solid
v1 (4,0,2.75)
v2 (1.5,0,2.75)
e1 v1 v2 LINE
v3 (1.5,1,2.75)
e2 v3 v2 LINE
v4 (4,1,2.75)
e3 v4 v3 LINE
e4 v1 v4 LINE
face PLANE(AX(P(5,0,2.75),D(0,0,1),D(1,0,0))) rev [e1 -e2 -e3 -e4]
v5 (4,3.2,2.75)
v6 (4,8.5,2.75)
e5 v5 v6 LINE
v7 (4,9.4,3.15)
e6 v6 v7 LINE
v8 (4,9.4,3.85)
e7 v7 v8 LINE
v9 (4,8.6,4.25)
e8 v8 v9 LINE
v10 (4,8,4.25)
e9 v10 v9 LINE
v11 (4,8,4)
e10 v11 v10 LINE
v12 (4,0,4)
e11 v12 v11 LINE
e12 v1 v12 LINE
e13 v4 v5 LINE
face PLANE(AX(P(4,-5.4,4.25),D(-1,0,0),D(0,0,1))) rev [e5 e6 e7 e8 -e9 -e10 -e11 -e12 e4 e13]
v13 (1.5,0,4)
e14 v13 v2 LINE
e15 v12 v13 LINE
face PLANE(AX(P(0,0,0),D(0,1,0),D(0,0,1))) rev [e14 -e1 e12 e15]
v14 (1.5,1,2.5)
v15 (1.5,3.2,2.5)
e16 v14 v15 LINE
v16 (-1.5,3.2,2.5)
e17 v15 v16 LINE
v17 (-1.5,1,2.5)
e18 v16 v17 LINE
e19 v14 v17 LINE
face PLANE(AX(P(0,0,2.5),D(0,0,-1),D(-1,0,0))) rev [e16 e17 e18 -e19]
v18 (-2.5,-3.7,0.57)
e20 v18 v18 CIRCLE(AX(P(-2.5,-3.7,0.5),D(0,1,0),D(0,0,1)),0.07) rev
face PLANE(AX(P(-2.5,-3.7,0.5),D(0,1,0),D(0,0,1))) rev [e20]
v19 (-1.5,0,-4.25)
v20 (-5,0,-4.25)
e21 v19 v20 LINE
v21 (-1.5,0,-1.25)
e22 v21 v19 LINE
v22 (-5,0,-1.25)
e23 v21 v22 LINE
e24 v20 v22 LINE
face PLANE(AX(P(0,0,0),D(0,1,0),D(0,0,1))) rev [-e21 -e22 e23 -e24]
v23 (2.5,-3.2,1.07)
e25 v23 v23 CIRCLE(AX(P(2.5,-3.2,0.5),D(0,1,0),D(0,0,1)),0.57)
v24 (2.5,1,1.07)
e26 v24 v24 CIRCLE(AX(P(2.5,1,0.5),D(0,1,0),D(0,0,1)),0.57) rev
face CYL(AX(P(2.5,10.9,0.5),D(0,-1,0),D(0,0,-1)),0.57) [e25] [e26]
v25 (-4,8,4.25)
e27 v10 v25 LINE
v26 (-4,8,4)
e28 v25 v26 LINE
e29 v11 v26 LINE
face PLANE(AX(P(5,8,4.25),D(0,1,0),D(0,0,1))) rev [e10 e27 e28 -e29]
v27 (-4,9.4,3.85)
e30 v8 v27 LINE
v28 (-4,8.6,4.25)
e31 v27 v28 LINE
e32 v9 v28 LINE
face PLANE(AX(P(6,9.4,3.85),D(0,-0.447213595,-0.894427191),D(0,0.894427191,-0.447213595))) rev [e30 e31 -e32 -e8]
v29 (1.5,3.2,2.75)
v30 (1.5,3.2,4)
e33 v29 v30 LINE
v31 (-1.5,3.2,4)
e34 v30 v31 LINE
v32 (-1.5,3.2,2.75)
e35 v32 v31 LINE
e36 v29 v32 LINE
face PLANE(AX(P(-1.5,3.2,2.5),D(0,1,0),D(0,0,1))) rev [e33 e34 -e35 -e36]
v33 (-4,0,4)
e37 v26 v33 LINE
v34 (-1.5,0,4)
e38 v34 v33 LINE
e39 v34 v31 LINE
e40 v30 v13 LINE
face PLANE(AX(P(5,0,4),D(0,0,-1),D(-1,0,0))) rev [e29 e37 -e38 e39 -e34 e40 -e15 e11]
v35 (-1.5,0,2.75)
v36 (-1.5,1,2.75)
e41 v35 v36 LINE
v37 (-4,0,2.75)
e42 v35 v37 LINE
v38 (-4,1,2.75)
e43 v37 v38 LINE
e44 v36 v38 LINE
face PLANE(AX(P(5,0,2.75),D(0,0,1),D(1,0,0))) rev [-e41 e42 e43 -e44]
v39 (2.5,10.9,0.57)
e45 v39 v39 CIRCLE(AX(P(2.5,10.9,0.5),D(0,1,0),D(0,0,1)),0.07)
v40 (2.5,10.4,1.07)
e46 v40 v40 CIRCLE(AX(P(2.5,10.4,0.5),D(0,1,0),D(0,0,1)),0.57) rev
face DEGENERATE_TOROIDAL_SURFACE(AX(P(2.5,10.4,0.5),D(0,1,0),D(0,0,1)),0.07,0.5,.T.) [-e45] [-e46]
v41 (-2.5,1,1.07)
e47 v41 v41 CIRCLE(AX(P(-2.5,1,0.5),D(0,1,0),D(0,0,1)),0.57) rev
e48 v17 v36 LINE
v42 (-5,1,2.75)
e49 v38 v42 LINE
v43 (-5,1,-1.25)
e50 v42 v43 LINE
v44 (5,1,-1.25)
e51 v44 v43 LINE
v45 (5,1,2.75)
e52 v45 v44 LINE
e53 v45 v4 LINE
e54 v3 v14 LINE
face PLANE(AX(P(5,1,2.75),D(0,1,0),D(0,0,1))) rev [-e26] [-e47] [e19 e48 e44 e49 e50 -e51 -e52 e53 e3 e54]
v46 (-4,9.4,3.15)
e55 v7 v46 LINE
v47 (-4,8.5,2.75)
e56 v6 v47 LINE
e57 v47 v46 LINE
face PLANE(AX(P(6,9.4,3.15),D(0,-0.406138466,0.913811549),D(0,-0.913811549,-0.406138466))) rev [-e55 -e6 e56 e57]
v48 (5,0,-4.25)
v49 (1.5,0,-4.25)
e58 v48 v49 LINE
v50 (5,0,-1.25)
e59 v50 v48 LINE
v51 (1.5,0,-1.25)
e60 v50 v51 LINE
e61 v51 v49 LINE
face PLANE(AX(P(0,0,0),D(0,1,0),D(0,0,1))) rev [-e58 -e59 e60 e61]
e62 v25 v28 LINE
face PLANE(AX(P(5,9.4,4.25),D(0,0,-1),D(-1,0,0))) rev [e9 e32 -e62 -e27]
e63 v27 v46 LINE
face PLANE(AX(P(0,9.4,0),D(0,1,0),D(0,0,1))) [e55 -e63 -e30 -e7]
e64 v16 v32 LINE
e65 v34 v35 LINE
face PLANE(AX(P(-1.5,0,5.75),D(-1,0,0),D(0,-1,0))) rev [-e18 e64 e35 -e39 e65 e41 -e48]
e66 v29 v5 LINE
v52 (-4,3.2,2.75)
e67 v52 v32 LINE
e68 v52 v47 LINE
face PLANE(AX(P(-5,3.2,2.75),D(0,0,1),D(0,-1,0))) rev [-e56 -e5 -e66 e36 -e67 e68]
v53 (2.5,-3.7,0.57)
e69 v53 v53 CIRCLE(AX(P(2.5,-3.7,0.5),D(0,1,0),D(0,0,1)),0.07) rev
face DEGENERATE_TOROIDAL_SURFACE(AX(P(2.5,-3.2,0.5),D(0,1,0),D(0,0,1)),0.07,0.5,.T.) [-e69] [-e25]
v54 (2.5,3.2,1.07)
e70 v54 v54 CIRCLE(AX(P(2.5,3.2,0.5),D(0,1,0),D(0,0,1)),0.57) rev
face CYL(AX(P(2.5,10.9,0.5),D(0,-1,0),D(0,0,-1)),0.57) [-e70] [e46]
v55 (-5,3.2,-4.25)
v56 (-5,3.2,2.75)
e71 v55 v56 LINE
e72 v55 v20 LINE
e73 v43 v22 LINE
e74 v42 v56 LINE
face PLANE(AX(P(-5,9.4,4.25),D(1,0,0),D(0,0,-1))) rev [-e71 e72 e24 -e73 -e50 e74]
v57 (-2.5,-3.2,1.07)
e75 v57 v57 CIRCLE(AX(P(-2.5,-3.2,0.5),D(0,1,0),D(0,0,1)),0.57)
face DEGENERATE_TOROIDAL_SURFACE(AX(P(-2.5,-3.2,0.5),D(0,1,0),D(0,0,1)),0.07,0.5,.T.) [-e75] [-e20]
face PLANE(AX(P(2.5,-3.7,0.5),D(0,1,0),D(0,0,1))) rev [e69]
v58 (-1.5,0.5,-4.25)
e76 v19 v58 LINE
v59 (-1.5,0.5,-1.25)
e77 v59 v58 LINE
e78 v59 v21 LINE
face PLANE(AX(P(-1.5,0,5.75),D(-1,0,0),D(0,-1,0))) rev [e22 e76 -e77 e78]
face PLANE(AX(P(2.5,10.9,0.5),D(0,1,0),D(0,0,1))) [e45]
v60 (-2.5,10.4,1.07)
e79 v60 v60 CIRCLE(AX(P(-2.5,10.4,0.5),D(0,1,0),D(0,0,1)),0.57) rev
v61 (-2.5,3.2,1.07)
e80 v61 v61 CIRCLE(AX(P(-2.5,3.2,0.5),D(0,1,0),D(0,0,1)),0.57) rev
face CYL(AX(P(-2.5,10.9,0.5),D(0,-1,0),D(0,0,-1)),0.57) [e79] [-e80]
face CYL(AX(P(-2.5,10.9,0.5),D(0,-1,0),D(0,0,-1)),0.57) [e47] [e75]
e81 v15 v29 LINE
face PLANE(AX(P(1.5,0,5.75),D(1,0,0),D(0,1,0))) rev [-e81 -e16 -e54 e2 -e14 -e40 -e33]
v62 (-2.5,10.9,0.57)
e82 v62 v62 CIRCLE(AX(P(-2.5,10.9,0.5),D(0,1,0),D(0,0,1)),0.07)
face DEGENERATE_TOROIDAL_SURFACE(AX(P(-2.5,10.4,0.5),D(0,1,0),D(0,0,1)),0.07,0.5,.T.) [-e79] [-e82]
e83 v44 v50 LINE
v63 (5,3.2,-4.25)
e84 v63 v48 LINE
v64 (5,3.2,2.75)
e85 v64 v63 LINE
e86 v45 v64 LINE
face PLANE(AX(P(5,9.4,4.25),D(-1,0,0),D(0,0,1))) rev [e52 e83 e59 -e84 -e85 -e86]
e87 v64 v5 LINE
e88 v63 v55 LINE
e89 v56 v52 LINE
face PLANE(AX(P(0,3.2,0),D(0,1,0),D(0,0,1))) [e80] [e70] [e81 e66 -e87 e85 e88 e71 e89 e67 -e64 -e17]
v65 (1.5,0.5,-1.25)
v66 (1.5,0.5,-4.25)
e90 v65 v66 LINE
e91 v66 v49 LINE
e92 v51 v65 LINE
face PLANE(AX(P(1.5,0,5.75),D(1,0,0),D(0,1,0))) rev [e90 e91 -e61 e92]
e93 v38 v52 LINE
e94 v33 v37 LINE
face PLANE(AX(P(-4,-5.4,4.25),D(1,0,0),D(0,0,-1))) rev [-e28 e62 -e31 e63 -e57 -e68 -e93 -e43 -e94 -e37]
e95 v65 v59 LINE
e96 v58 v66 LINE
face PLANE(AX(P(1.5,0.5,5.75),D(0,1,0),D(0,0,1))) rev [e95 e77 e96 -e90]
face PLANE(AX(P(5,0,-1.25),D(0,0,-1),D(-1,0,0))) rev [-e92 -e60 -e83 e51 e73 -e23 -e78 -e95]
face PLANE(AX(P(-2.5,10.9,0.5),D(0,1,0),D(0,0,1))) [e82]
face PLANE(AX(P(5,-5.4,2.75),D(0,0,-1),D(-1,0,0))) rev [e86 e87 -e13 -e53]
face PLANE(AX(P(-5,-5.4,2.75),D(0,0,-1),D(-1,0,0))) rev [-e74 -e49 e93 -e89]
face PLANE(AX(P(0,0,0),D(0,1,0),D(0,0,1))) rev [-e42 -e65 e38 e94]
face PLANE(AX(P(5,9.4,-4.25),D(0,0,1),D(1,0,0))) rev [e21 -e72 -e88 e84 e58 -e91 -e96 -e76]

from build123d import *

# Parameters (mm, degrees)
CROQUIS1_W              = 10
CROQUIS1_H              = 8.5
SALIENTE_EXTRUIR1_DEPTH = 9.4
CROQUIS2_W              = 10
CROQUIS2_H              = 7
CORTAR_EXTRUIR1_DEPTH   = 6.2
CROQUIS3_W              = 0.25
CROQUIS3_H              = 8
CORTAR_EXTRUIR2_DEPTH   = 10
CROQUIS4_W              = 3
CROQUIS4_H              = 0.5
CORTAR_EXTRUIR3_DEPTH   = 10
CROQUIS5_W              = 4
CROQUIS5_H              = 1
CORTAR_EXTRUIR4_DEPTH   = 10
CROQUIS6_R              = 0.57
SALIENTE_EXTRUIR2_DEPTH = 7.3
REDONDEO2_R             = 0.5
CROQUIS7_W              = 1
CROQUIS7_H              = 1.5
CORTAR_EXTRUIR5_DEPTH   = 14.8
CROQUIS8_W              = 3
CROQUIS8_H              = 3.2
CORTAR_EXTRUIR6_DEPTH   = 1.5
CORTAR_EXTRUIR7_DEPTH   = 10


with BuildPart() as part:
    # Croquis1 → Saliente-Extruir1 (new body)
    with BuildSketch(Plane(origin=(0, 0, 0), x_dir=(1, 0, 0), z_dir=(0, 1, 0))):
        Rectangle(CROQUIS1_W, CROQUIS1_H)
    extrude(amount=SALIENTE_EXTRUIR1_DEPTH)

    # Croquis2 → Cortar-Extruir1 (cut)
    with BuildSketch(Plane(origin=(0, 9.4, 0), x_dir=(1, 0, 0), z_dir=(0, 1, 0))):
        with Locations((0, 0.75)):
            Rectangle(CROQUIS2_W, CROQUIS2_H)
    extrude(amount=-CORTAR_EXTRUIR1_DEPTH, mode=Mode.SUBTRACT)

    # Croquis3 → Cortar-Extruir2 (cut)
    with BuildSketch(Plane.ZY.offset(5)):
        with Locations((4.125, 4)):
            Rectangle(CROQUIS3_W, CROQUIS3_H)
    extrude(amount=-CORTAR_EXTRUIR2_DEPTH, mode=Mode.SUBTRACT)

    # Croquis4 → Cortar-Extruir3 (cut)
    with BuildSketch(Plane(origin=(0, 0, -4.25), x_dir=(-1, 0, 0), z_dir=(0, 0, -1))):
        with Locations((0, 0.25)):
            Rectangle(CROQUIS4_W, CROQUIS4_H)
    extrude(amount=-CORTAR_EXTRUIR3_DEPTH, mode=Mode.SUBTRACT)

    # Croquis5 → Cortar-Extruir4 (cut)
    with BuildSketch(Plane.ZY.offset(5)):
        with Locations((0.75, 0.5)):
            Rectangle(CROQUIS5_W, CROQUIS5_H)
    extrude(amount=-CORTAR_EXTRUIR4_DEPTH, mode=Mode.SUBTRACT)

    # Croquis6 → Saliente-Extruir2 (add, symmetric)
    with BuildSketch(Plane(origin=(0, 3.6, 0), x_dir=(1, 0, 0), z_dir=(0, 1, 0))):
        with Locations(Location((-2.5, -0.5, 0), (0, 0, 270))):
            Circle(CROQUIS6_R)
        with Locations(Location((2.5, -0.5, 0), (0, 0, 270))):
            Circle(CROQUIS6_R)
    extrude(amount=SALIENTE_EXTRUIR2_DEPTH, both=True)

    # Redondeo2
    redondeo2_edges = [part.edges().sort_by_distance(p)[0] for p in [
        (2.5, -3.7, -0.07),
        (2.5, 10.9, -0.07),
        (-2.5, -3.7, -0.07),
        (-2.5, 10.9, -0.07),
    ]]
    fillet(redondeo2_edges, radius=REDONDEO2_R)

    # Croquis7 → Cortar-Extruir5 (cut)
    with BuildSketch(Plane(origin=(0, 9.4, 0), x_dir=(1, 0, 0), z_dir=(0, 1, 0))):
        with Locations((-4.5, -3.5)):
            Rectangle(CROQUIS7_W, CROQUIS7_H)
        with Locations((4.5, -3.5)):
            Rectangle(CROQUIS7_W, CROQUIS7_H)
    extrude(amount=-CORTAR_EXTRUIR5_DEPTH, mode=Mode.SUBTRACT)

    # Croquis8 → Cortar-Extruir6 (cut)
    with BuildSketch(Plane.XY.offset(4)):
        with Locations((0, 1.6)):
            Rectangle(CROQUIS8_W, CROQUIS8_H)
    extrude(amount=-CORTAR_EXTRUIR6_DEPTH, mode=Mode.SUBTRACT)

    # Croquis9 → Cortar-Extruir7 (cut)
    with BuildSketch(Plane.ZY.offset(4)):
        Polygon((4.25, 8.6), (4.25, 9.4), (3.85, 9.4), align=None)
        Polygon((2.75, 8.5), (2.75, 9.4), (3.15, 9.4), align=None)
    extrude(amount=-CORTAR_EXTRUIR7_DEPTH, mode=Mode.SUBTRACT)


solid = part.part
